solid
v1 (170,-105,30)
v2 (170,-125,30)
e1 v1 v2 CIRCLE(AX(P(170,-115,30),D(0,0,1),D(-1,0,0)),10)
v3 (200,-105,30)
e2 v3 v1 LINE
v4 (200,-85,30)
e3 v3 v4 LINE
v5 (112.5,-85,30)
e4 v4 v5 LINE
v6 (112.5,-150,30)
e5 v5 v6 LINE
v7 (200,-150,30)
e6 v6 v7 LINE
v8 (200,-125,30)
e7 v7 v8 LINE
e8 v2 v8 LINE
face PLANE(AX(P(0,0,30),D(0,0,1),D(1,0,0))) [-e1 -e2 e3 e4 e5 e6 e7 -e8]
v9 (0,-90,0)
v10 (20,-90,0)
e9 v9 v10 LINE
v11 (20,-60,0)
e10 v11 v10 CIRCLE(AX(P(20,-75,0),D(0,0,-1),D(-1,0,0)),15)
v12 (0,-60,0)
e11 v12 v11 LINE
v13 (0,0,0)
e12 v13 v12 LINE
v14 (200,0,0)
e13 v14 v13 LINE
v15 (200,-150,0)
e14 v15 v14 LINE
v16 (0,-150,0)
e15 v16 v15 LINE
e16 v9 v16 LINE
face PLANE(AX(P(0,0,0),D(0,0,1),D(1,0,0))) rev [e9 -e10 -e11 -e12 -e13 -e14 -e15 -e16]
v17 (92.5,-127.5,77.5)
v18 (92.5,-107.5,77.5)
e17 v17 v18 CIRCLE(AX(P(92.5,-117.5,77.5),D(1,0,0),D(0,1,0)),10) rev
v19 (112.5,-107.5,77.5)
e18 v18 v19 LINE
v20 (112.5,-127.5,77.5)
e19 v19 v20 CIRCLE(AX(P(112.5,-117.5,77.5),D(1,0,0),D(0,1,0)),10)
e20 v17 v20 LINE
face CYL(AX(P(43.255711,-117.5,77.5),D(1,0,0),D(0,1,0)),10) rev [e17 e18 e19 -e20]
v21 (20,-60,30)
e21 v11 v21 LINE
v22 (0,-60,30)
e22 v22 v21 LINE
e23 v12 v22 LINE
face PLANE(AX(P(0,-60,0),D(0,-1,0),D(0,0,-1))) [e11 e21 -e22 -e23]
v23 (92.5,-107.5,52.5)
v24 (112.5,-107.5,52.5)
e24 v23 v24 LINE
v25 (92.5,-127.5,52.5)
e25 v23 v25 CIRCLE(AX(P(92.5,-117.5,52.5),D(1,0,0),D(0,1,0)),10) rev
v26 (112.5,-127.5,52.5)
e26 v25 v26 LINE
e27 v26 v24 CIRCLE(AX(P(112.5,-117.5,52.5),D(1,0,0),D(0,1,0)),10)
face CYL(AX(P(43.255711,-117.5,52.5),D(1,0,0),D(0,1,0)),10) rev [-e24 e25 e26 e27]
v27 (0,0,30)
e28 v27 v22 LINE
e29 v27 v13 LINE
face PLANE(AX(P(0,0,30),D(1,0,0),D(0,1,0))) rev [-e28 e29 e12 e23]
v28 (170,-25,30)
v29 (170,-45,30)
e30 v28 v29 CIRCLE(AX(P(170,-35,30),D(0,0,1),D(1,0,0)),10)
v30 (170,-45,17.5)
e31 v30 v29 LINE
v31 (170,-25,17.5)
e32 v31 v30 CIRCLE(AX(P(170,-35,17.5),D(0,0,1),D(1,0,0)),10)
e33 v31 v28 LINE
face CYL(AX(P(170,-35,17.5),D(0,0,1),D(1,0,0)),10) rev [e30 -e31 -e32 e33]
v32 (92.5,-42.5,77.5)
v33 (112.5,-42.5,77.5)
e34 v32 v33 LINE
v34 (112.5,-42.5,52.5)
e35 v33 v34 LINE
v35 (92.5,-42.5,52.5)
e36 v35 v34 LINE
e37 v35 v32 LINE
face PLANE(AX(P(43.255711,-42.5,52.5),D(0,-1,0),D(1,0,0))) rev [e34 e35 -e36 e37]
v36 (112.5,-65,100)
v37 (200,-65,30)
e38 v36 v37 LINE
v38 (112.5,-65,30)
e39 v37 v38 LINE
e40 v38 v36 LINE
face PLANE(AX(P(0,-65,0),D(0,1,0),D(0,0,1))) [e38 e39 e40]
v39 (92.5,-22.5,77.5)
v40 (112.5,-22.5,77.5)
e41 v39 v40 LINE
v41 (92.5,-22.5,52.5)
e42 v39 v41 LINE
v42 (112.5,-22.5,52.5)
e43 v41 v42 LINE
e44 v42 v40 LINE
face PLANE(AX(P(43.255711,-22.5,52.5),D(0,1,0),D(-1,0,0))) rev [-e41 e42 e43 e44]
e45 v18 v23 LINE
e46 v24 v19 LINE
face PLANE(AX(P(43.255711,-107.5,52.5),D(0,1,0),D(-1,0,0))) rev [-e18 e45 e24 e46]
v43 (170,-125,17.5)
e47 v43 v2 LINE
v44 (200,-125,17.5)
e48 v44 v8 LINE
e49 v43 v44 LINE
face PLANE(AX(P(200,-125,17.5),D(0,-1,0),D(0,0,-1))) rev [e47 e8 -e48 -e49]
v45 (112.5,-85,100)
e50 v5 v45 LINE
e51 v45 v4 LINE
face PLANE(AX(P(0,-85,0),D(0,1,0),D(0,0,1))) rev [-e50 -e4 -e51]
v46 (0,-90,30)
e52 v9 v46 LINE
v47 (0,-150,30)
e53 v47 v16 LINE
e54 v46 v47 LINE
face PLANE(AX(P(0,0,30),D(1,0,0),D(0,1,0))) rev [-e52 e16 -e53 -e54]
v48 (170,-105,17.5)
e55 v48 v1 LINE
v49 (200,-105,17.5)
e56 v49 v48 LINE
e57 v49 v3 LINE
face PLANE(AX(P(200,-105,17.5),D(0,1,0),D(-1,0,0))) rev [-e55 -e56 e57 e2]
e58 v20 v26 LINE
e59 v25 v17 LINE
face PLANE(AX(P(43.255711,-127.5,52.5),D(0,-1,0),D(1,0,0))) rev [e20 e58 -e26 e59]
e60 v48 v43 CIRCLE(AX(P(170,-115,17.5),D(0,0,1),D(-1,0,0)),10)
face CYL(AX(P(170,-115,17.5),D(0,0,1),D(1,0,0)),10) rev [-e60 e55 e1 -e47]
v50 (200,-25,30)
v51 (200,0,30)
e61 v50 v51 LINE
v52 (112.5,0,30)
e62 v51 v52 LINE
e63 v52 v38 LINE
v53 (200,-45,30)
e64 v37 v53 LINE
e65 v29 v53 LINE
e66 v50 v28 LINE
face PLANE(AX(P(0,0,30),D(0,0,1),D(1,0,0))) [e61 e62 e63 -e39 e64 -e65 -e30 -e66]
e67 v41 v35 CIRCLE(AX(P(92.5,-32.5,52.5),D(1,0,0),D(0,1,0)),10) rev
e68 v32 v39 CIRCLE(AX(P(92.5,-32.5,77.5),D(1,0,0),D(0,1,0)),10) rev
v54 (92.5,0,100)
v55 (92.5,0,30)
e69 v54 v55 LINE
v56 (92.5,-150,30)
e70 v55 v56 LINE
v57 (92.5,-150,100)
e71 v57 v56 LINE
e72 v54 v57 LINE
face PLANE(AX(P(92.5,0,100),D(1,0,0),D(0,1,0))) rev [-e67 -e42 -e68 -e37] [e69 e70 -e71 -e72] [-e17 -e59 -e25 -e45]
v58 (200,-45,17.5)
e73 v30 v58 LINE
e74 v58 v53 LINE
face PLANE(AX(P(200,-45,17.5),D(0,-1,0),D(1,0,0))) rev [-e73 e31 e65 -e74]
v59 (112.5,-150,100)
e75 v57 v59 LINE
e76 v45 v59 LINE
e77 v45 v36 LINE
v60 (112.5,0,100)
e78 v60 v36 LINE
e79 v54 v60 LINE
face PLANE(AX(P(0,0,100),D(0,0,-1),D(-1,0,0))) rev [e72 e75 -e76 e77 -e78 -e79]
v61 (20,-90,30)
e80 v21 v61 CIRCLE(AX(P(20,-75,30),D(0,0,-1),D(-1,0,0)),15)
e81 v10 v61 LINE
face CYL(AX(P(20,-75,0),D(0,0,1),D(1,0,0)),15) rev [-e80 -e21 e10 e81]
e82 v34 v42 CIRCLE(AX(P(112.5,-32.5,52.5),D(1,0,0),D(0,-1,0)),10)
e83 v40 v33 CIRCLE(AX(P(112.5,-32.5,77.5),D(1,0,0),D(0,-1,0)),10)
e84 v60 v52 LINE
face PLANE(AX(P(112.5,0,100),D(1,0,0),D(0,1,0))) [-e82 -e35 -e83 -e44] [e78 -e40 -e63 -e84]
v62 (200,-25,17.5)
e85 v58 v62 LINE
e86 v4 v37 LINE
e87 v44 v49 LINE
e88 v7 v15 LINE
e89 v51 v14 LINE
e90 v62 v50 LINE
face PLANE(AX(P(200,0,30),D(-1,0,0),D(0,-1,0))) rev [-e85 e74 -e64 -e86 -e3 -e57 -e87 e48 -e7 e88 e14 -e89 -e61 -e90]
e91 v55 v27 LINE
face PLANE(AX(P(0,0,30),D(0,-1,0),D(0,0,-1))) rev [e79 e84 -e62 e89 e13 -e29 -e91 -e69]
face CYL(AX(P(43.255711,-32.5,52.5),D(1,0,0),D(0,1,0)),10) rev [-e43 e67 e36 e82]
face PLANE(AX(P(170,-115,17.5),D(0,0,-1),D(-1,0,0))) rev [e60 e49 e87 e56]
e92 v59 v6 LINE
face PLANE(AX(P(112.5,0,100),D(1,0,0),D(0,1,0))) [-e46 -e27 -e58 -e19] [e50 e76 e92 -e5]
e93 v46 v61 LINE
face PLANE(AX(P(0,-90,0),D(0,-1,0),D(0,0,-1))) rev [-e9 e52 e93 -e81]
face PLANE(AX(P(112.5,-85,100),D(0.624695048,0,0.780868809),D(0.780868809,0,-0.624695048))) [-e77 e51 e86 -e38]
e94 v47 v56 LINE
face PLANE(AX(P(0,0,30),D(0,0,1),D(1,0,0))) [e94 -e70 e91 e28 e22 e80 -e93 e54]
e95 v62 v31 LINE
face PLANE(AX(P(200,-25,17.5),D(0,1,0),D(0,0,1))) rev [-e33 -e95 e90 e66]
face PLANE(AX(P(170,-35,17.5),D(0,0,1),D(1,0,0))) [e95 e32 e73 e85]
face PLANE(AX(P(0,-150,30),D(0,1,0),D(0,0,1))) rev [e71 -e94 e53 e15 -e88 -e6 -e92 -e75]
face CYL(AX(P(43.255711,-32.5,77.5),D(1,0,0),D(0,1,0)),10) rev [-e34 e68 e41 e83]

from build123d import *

# Parameters (mm, degrees)
SKETCH_1_W          = 200
SKETCH_1_H          = 150
EXTRUDE_1_DEPTH     = 30
CUT_EXTRUDE_7_DEPTH = 12.5
CUT_EXTRUDE_8_DEPTH = 252.79356624
SKETCH_6_W          = 20
SKETCH_6_H          = 150
EXTRUDE_2_DEPTH     = 70
EXTRUDE_START       = -85
EXTRUDE_4_DEPTH     = 20
CUT_EXTRUDE_9_DEPTH = 20


with BuildPart() as part:
    # Эскиз1 → Бобышка-Вытянуть1 (new body)
    with BuildSketch(Plane.XY):
        with Locations((100, -75)):
            Rectangle(SKETCH_1_W, SKETCH_1_H)
    extrude(amount=EXTRUDE_1_DEPTH)

    # Эскиз2 → Вырез-Вытянуть7 (cut)
    with BuildSketch(Plane.XY.offset(30)):
        with BuildLine():
            Line((200, -105), (170, -105))
            ThreePointArc((170, -105), (160, -115), (170, -125))
            Line((170, -125), (200, -125))
            Line((200, -125), (200, -105))
        make_face()
        with BuildLine():
            Line((200, -25), (170, -25))
            ThreePointArc((170, -25), (160, -35), (170, -45))
            Line((170, -45), (200, -45))
            Line((200, -45), (200, -25))
        make_face()
    extrude(amount=-CUT_EXTRUDE_7_DEPTH, mode=Mode.SUBTRACT)

    # Эскиз5 → Вырез-Вытянуть8 (cut, through all)
    with BuildSketch(Plane.XY.offset(30)):
        with BuildLine():
            Line((0, -60), (20, -60))
            ThreePointArc((20, -60), (35, -75), (20, -90))
            Line((20, -90), (0, -90))
            Line((0, -90), (0, -60))
        make_face()
    extrude(amount=-CUT_EXTRUDE_8_DEPTH, mode=Mode.SUBTRACT)

    # Эскиз6 → Бобышка-Вытянуть2 (add)
    with BuildSketch(Plane.XY.offset(30)):
        with Locations((102.5, -75)):
            Rectangle(SKETCH_6_W, SKETCH_6_H)
    extrude(amount=EXTRUDE_2_DEPTH)

    # Эскиз7 → Бобышка-Вытянуть4 (add)
    with BuildSketch(Plane.XZ.offset(150).offset(EXTRUDE_START)):
        Polygon((112.5, 100), (200, 30), (112.5, 30), align=None)
    extrude(amount=EXTRUDE_4_DEPTH)

    # Эскиз10 → Вырез-Вытянуть9 (cut)
    with BuildSketch(Plane(origin=(112.5, 0, 0), x_dir=(0, 0, -1), z_dir=(1, 0, 0))):
        with BuildLine():
            Line((-52.5, -127.5), (-77.5, -127.5))
            ThreePointArc((-77.5, -127.5), (-87.5, -117.5), (-77.5, -107.5))
            Line((-77.5, -107.5), (-52.5, -107.5))
            ThreePointArc((-52.5, -107.5), (-42.5, -117.5), (-52.5, -127.5))
        make_face()
        with BuildLine():
            Line((-52.5, -22.5), (-77.5, -22.5))
            ThreePointArc((-77.5, -22.5), (-87.5, -32.5), (-77.5, -42.5))
            Line((-77.5, -42.5), (-52.5, -42.5))
            ThreePointArc((-52.5, -42.5), (-42.5, -32.5), (-52.5, -22.5))
        make_face()
    extrude(amount=-CUT_EXTRUDE_9_DEPTH, mode=Mode.SUBTRACT)


solid = part.part
